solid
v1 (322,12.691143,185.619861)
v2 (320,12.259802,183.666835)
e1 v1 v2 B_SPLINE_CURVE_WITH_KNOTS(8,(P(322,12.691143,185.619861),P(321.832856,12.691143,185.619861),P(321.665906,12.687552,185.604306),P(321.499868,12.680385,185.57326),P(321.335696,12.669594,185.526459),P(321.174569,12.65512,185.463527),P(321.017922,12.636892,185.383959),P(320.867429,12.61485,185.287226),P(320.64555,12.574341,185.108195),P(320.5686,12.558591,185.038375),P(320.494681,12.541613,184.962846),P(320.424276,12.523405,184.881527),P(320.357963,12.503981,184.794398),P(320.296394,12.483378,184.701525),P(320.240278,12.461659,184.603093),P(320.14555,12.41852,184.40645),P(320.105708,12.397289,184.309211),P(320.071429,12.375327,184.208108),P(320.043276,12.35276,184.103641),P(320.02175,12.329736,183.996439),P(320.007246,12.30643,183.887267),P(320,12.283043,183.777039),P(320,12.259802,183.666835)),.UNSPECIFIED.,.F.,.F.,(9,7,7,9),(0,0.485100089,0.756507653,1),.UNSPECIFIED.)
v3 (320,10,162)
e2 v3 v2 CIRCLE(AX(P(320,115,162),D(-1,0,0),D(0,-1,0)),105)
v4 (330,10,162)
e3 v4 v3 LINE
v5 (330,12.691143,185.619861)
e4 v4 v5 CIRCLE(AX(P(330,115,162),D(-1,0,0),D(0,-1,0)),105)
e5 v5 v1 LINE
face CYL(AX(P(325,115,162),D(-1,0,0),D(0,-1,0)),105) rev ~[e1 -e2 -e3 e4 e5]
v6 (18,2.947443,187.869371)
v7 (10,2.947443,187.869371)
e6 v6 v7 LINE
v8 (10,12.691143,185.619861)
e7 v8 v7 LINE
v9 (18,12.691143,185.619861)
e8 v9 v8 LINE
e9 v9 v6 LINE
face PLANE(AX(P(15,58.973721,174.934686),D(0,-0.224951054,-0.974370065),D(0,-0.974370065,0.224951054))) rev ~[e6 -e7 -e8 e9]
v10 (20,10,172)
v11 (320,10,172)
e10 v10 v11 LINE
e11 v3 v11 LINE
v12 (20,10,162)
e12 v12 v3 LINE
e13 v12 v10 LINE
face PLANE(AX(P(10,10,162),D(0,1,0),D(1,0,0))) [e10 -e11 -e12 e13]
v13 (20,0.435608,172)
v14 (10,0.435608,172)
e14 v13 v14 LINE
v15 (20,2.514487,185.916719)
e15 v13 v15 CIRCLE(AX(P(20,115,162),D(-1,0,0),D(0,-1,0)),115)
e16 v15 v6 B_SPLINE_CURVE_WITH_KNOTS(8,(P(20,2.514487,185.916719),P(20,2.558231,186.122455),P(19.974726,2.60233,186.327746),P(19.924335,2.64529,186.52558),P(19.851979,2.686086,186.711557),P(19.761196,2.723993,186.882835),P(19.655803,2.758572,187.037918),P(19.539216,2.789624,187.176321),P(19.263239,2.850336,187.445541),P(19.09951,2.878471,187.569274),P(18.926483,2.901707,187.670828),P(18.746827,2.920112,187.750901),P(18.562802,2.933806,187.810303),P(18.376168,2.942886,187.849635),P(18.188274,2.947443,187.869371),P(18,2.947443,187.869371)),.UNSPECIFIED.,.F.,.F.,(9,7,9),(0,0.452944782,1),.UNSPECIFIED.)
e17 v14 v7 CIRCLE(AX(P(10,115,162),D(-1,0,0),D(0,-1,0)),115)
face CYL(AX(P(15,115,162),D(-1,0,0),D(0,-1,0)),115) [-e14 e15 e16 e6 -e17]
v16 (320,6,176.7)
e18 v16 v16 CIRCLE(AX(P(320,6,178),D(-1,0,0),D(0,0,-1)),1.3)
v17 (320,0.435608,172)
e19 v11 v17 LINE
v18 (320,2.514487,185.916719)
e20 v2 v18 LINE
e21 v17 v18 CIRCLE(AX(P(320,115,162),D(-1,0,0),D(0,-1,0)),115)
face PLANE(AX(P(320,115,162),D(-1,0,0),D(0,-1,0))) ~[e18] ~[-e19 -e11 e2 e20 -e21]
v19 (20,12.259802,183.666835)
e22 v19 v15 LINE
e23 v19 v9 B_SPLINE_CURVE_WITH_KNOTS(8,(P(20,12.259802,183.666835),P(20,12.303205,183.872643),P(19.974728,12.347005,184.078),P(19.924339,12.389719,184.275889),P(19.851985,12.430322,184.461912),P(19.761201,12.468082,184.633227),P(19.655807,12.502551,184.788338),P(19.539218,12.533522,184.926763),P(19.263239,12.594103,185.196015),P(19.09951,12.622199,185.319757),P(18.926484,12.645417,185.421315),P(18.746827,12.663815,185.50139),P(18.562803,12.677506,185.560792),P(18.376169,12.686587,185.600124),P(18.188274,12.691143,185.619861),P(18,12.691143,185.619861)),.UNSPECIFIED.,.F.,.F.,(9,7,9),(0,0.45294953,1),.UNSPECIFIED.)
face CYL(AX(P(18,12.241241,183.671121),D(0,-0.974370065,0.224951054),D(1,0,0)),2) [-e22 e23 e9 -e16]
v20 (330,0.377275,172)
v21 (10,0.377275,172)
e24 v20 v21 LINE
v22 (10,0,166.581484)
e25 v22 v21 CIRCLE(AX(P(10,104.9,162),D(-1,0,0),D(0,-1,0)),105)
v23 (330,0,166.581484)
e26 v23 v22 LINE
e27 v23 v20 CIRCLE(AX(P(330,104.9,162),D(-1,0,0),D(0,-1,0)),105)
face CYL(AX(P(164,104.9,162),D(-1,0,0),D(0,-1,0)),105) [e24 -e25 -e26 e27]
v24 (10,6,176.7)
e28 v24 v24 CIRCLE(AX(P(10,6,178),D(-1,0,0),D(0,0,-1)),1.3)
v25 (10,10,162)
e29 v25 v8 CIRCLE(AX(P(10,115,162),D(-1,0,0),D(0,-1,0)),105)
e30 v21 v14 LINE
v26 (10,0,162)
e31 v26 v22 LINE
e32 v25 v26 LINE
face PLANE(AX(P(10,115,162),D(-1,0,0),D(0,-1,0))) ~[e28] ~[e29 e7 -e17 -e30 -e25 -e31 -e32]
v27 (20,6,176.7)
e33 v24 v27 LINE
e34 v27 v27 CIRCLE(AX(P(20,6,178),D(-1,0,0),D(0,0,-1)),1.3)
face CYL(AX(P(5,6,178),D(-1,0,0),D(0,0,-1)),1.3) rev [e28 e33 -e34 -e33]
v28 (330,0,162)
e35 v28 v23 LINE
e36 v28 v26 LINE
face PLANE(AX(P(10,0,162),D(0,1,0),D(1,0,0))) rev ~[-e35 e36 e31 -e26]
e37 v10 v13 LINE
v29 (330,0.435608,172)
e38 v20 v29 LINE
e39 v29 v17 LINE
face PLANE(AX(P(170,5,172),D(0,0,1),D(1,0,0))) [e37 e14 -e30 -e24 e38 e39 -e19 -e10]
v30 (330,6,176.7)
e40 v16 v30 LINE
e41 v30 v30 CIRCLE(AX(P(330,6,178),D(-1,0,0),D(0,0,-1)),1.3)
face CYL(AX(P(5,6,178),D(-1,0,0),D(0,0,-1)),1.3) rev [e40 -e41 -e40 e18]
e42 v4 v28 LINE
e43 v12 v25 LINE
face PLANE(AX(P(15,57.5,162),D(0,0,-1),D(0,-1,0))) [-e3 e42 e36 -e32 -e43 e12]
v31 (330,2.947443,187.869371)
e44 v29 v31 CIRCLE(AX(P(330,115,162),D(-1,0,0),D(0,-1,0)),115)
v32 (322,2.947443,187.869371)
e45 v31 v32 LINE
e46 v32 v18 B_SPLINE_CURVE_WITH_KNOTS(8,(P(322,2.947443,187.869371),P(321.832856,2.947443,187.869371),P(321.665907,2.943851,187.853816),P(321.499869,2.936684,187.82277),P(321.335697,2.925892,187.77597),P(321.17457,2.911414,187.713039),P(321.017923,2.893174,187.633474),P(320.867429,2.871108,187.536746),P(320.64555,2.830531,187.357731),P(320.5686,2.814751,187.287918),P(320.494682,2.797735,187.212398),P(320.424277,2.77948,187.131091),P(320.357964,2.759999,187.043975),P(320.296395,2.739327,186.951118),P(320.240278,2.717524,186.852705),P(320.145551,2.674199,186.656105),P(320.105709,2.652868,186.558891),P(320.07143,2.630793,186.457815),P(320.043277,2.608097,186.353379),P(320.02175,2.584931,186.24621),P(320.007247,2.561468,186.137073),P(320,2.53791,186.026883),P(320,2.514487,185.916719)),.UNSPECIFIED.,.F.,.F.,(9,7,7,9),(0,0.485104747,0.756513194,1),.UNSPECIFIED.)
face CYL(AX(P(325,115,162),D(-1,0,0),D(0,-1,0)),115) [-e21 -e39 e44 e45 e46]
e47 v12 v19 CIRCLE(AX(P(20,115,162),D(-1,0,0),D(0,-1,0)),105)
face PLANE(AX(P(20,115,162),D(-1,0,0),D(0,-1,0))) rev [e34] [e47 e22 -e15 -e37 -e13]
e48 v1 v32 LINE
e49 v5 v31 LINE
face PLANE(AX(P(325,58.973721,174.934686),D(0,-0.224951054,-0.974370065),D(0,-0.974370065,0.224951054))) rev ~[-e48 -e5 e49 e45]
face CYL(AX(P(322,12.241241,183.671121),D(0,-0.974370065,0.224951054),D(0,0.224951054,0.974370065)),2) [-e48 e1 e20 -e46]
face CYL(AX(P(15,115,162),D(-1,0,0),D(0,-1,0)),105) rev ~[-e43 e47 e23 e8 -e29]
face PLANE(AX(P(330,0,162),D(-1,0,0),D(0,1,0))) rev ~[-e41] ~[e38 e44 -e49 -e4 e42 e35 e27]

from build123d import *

# Parameters (mm, degrees)
CYLINDER066_R     = 1.3
CYLINDER066_DEPTH = 331
CYLINDER070_W     = 105
CYLINDER070_H     = 10
CYLINDER070_ANGLE = 13
CYLINDER065_W     = 115
CYLINDER065_H     = 10
CYLINDER065_ANGLE = 13
FILLET011_R       = 2
CYLINDER068_W     = 105
CYLINDER068_H     = 352
CYLINDER068_ANGLE = 13
CYLINDER067_W     = 115
CYLINDER067_H     = 340
CYLINDER067_ANGLE = 13
BOX103_W          = 320
BOX103_H          = 10
BOX103_DEPTH      = 10
CYLINDER069_W     = 105
CYLINDER069_H     = 10
CYLINDER069_ANGLE = 13
CYLINDER064_W     = 115
CYLINDER064_H     = 10
CYLINDER064_ANGLE = 13
FILLET010_R       = 2


with BuildPart() as cilindro066:
    # Cylinder066 → Cylinder066 (new body)
    with BuildSketch(Plane(origin=(5, 6, 178), x_dir=(0, 0, -1), z_dir=(1, 0, 0))):
        Circle(CYLINDER066_R)
    extrude(amount=CYLINDER066_DEPTH)


with BuildPart() as cilindro070:
    # Cylinder070 → Cylinder070 (revolve)
    with BuildSketch(Plane(origin=(20, 115, 162), x_dir=(0, -1, 0), z_dir=(0, 0, -1))):
        with Locations((52.5, 5)):
            Rectangle(CYLINDER070_W, CYLINDER070_H)
    revolve(axis=Axis((20, 115, 162), (-1, 0, 0)), revolution_arc=CYLINDER070_ANGLE)


with BuildPart() as fillet011:
    # Cylinder065 → Cylinder065 (revolve)
    with BuildSketch(Plane(origin=(20, 115, 162), x_dir=(0, -1, 0), z_dir=(0, 0, -1))):
        with Locations((57.5, 5)):
            Rectangle(CYLINDER065_W, CYLINDER065_H)
    revolve(axis=Axis((20, 115, 162), (-1, 0, 0)), revolution_arc=CYLINDER065_ANGLE)

    # Cut075: cut Cilindro070
    add(cilindro070.part, mode=Mode.SUBTRACT)

    # Fillet011
    fillet011_edges = [fillet011.edges().sort_by_distance(p)[0] for p in [
        (20, 7.819293, 186.744616),
    ]]
    fillet(fillet011_edges, radius=FILLET011_R)


with BuildPart() as cilindro068:
    # Cylinder068 → Cylinder068 (revolve)
    with BuildSketch(Plane(origin=(340, 115, 162), x_dir=(0, -1, 0), z_dir=(0, 0, -1))):
        with Locations((52.5, 176)):
            Rectangle(CYLINDER068_W, CYLINDER068_H)
    revolve(axis=Axis((340, 115, 162), (-1, 0, 0)), revolution_arc=CYLINDER068_ANGLE)


with BuildPart() as cut078:
    # Cylinder067 → Cylinder067 (revolve)
    with BuildSketch(Plane(origin=(340, 115, 162), x_dir=(0, -1, 0), z_dir=(0, 0, -1))):
        with Locations((57.5, 170)):
            Rectangle(CYLINDER067_W, CYLINDER067_H)
    revolve(axis=Axis((340, 115, 162), (-1, 0, 0)), revolution_arc=CYLINDER067_ANGLE)

    # Cut078: cut Cilindro068
    add(cilindro068.part, mode=Mode.SUBTRACT)


with BuildPart() as cut078_1:
    # Cut078 placement: moved
    add(cut078.part.moved(Location((0, -10.1, 0))))


with BuildPart() as cut079:
    # Box103 → Box103 (new body)
    with BuildSketch(Plane(origin=(10, 0, 162), x_dir=(1, 0, 0), z_dir=(0, 0, 1))):
        with Locations((160, 5)):
            Rectangle(BOX103_W, BOX103_H)
    extrude(amount=BOX103_DEPTH)

    # Cut079: cut Cut078
    add(cut078_1.part, mode=Mode.SUBTRACT)


with BuildPart() as cilindro069:
    # Cylinder069 → Cylinder069 (revolve)
    with BuildSketch(Plane(origin=(20, 115, 162), x_dir=(0, -1, 0), z_dir=(0, 0, -1))):
        with Locations((52.5, 5)):
            Rectangle(CYLINDER069_W, CYLINDER069_H)
    revolve(axis=Axis((20, 115, 162), (-1, 0, 0)), revolution_arc=CYLINDER069_ANGLE)


with BuildPart() as cut076:
    # Cylinder064 → Cylinder064 (revolve)
    with BuildSketch(Plane(origin=(20, 115, 162), x_dir=(0, -1, 0), z_dir=(0, 0, -1))):
        with Locations((57.5, 5)):
            Rectangle(CYLINDER064_W, CYLINDER064_H)
    revolve(axis=Axis((20, 115, 162), (-1, 0, 0)), revolution_arc=CYLINDER064_ANGLE)

    # Cut077: cut Cilindro069
    add(cilindro069.part, mode=Mode.SUBTRACT)


with BuildPart() as cut076_1:
    # Cut077 placement: moved
    add(cut076.part.moved(Location((310, 0, 0))))

    # Fillet010
    fillet010_edges = [cut076_1.edges().sort_by_distance(p)[0] for p in [
        (320, 7.819293, 186.744616),
    ]]
    fillet(fillet010_edges, radius=FILLET010_R)

    # Fusion017: union Fillet011, Cut079
    add(fillet011.part)
    add(cut079.part)

    # Cut076: cut Cilindro066
    add(cilindro066.part, mode=Mode.SUBTRACT)


solid = cut076_1.part
